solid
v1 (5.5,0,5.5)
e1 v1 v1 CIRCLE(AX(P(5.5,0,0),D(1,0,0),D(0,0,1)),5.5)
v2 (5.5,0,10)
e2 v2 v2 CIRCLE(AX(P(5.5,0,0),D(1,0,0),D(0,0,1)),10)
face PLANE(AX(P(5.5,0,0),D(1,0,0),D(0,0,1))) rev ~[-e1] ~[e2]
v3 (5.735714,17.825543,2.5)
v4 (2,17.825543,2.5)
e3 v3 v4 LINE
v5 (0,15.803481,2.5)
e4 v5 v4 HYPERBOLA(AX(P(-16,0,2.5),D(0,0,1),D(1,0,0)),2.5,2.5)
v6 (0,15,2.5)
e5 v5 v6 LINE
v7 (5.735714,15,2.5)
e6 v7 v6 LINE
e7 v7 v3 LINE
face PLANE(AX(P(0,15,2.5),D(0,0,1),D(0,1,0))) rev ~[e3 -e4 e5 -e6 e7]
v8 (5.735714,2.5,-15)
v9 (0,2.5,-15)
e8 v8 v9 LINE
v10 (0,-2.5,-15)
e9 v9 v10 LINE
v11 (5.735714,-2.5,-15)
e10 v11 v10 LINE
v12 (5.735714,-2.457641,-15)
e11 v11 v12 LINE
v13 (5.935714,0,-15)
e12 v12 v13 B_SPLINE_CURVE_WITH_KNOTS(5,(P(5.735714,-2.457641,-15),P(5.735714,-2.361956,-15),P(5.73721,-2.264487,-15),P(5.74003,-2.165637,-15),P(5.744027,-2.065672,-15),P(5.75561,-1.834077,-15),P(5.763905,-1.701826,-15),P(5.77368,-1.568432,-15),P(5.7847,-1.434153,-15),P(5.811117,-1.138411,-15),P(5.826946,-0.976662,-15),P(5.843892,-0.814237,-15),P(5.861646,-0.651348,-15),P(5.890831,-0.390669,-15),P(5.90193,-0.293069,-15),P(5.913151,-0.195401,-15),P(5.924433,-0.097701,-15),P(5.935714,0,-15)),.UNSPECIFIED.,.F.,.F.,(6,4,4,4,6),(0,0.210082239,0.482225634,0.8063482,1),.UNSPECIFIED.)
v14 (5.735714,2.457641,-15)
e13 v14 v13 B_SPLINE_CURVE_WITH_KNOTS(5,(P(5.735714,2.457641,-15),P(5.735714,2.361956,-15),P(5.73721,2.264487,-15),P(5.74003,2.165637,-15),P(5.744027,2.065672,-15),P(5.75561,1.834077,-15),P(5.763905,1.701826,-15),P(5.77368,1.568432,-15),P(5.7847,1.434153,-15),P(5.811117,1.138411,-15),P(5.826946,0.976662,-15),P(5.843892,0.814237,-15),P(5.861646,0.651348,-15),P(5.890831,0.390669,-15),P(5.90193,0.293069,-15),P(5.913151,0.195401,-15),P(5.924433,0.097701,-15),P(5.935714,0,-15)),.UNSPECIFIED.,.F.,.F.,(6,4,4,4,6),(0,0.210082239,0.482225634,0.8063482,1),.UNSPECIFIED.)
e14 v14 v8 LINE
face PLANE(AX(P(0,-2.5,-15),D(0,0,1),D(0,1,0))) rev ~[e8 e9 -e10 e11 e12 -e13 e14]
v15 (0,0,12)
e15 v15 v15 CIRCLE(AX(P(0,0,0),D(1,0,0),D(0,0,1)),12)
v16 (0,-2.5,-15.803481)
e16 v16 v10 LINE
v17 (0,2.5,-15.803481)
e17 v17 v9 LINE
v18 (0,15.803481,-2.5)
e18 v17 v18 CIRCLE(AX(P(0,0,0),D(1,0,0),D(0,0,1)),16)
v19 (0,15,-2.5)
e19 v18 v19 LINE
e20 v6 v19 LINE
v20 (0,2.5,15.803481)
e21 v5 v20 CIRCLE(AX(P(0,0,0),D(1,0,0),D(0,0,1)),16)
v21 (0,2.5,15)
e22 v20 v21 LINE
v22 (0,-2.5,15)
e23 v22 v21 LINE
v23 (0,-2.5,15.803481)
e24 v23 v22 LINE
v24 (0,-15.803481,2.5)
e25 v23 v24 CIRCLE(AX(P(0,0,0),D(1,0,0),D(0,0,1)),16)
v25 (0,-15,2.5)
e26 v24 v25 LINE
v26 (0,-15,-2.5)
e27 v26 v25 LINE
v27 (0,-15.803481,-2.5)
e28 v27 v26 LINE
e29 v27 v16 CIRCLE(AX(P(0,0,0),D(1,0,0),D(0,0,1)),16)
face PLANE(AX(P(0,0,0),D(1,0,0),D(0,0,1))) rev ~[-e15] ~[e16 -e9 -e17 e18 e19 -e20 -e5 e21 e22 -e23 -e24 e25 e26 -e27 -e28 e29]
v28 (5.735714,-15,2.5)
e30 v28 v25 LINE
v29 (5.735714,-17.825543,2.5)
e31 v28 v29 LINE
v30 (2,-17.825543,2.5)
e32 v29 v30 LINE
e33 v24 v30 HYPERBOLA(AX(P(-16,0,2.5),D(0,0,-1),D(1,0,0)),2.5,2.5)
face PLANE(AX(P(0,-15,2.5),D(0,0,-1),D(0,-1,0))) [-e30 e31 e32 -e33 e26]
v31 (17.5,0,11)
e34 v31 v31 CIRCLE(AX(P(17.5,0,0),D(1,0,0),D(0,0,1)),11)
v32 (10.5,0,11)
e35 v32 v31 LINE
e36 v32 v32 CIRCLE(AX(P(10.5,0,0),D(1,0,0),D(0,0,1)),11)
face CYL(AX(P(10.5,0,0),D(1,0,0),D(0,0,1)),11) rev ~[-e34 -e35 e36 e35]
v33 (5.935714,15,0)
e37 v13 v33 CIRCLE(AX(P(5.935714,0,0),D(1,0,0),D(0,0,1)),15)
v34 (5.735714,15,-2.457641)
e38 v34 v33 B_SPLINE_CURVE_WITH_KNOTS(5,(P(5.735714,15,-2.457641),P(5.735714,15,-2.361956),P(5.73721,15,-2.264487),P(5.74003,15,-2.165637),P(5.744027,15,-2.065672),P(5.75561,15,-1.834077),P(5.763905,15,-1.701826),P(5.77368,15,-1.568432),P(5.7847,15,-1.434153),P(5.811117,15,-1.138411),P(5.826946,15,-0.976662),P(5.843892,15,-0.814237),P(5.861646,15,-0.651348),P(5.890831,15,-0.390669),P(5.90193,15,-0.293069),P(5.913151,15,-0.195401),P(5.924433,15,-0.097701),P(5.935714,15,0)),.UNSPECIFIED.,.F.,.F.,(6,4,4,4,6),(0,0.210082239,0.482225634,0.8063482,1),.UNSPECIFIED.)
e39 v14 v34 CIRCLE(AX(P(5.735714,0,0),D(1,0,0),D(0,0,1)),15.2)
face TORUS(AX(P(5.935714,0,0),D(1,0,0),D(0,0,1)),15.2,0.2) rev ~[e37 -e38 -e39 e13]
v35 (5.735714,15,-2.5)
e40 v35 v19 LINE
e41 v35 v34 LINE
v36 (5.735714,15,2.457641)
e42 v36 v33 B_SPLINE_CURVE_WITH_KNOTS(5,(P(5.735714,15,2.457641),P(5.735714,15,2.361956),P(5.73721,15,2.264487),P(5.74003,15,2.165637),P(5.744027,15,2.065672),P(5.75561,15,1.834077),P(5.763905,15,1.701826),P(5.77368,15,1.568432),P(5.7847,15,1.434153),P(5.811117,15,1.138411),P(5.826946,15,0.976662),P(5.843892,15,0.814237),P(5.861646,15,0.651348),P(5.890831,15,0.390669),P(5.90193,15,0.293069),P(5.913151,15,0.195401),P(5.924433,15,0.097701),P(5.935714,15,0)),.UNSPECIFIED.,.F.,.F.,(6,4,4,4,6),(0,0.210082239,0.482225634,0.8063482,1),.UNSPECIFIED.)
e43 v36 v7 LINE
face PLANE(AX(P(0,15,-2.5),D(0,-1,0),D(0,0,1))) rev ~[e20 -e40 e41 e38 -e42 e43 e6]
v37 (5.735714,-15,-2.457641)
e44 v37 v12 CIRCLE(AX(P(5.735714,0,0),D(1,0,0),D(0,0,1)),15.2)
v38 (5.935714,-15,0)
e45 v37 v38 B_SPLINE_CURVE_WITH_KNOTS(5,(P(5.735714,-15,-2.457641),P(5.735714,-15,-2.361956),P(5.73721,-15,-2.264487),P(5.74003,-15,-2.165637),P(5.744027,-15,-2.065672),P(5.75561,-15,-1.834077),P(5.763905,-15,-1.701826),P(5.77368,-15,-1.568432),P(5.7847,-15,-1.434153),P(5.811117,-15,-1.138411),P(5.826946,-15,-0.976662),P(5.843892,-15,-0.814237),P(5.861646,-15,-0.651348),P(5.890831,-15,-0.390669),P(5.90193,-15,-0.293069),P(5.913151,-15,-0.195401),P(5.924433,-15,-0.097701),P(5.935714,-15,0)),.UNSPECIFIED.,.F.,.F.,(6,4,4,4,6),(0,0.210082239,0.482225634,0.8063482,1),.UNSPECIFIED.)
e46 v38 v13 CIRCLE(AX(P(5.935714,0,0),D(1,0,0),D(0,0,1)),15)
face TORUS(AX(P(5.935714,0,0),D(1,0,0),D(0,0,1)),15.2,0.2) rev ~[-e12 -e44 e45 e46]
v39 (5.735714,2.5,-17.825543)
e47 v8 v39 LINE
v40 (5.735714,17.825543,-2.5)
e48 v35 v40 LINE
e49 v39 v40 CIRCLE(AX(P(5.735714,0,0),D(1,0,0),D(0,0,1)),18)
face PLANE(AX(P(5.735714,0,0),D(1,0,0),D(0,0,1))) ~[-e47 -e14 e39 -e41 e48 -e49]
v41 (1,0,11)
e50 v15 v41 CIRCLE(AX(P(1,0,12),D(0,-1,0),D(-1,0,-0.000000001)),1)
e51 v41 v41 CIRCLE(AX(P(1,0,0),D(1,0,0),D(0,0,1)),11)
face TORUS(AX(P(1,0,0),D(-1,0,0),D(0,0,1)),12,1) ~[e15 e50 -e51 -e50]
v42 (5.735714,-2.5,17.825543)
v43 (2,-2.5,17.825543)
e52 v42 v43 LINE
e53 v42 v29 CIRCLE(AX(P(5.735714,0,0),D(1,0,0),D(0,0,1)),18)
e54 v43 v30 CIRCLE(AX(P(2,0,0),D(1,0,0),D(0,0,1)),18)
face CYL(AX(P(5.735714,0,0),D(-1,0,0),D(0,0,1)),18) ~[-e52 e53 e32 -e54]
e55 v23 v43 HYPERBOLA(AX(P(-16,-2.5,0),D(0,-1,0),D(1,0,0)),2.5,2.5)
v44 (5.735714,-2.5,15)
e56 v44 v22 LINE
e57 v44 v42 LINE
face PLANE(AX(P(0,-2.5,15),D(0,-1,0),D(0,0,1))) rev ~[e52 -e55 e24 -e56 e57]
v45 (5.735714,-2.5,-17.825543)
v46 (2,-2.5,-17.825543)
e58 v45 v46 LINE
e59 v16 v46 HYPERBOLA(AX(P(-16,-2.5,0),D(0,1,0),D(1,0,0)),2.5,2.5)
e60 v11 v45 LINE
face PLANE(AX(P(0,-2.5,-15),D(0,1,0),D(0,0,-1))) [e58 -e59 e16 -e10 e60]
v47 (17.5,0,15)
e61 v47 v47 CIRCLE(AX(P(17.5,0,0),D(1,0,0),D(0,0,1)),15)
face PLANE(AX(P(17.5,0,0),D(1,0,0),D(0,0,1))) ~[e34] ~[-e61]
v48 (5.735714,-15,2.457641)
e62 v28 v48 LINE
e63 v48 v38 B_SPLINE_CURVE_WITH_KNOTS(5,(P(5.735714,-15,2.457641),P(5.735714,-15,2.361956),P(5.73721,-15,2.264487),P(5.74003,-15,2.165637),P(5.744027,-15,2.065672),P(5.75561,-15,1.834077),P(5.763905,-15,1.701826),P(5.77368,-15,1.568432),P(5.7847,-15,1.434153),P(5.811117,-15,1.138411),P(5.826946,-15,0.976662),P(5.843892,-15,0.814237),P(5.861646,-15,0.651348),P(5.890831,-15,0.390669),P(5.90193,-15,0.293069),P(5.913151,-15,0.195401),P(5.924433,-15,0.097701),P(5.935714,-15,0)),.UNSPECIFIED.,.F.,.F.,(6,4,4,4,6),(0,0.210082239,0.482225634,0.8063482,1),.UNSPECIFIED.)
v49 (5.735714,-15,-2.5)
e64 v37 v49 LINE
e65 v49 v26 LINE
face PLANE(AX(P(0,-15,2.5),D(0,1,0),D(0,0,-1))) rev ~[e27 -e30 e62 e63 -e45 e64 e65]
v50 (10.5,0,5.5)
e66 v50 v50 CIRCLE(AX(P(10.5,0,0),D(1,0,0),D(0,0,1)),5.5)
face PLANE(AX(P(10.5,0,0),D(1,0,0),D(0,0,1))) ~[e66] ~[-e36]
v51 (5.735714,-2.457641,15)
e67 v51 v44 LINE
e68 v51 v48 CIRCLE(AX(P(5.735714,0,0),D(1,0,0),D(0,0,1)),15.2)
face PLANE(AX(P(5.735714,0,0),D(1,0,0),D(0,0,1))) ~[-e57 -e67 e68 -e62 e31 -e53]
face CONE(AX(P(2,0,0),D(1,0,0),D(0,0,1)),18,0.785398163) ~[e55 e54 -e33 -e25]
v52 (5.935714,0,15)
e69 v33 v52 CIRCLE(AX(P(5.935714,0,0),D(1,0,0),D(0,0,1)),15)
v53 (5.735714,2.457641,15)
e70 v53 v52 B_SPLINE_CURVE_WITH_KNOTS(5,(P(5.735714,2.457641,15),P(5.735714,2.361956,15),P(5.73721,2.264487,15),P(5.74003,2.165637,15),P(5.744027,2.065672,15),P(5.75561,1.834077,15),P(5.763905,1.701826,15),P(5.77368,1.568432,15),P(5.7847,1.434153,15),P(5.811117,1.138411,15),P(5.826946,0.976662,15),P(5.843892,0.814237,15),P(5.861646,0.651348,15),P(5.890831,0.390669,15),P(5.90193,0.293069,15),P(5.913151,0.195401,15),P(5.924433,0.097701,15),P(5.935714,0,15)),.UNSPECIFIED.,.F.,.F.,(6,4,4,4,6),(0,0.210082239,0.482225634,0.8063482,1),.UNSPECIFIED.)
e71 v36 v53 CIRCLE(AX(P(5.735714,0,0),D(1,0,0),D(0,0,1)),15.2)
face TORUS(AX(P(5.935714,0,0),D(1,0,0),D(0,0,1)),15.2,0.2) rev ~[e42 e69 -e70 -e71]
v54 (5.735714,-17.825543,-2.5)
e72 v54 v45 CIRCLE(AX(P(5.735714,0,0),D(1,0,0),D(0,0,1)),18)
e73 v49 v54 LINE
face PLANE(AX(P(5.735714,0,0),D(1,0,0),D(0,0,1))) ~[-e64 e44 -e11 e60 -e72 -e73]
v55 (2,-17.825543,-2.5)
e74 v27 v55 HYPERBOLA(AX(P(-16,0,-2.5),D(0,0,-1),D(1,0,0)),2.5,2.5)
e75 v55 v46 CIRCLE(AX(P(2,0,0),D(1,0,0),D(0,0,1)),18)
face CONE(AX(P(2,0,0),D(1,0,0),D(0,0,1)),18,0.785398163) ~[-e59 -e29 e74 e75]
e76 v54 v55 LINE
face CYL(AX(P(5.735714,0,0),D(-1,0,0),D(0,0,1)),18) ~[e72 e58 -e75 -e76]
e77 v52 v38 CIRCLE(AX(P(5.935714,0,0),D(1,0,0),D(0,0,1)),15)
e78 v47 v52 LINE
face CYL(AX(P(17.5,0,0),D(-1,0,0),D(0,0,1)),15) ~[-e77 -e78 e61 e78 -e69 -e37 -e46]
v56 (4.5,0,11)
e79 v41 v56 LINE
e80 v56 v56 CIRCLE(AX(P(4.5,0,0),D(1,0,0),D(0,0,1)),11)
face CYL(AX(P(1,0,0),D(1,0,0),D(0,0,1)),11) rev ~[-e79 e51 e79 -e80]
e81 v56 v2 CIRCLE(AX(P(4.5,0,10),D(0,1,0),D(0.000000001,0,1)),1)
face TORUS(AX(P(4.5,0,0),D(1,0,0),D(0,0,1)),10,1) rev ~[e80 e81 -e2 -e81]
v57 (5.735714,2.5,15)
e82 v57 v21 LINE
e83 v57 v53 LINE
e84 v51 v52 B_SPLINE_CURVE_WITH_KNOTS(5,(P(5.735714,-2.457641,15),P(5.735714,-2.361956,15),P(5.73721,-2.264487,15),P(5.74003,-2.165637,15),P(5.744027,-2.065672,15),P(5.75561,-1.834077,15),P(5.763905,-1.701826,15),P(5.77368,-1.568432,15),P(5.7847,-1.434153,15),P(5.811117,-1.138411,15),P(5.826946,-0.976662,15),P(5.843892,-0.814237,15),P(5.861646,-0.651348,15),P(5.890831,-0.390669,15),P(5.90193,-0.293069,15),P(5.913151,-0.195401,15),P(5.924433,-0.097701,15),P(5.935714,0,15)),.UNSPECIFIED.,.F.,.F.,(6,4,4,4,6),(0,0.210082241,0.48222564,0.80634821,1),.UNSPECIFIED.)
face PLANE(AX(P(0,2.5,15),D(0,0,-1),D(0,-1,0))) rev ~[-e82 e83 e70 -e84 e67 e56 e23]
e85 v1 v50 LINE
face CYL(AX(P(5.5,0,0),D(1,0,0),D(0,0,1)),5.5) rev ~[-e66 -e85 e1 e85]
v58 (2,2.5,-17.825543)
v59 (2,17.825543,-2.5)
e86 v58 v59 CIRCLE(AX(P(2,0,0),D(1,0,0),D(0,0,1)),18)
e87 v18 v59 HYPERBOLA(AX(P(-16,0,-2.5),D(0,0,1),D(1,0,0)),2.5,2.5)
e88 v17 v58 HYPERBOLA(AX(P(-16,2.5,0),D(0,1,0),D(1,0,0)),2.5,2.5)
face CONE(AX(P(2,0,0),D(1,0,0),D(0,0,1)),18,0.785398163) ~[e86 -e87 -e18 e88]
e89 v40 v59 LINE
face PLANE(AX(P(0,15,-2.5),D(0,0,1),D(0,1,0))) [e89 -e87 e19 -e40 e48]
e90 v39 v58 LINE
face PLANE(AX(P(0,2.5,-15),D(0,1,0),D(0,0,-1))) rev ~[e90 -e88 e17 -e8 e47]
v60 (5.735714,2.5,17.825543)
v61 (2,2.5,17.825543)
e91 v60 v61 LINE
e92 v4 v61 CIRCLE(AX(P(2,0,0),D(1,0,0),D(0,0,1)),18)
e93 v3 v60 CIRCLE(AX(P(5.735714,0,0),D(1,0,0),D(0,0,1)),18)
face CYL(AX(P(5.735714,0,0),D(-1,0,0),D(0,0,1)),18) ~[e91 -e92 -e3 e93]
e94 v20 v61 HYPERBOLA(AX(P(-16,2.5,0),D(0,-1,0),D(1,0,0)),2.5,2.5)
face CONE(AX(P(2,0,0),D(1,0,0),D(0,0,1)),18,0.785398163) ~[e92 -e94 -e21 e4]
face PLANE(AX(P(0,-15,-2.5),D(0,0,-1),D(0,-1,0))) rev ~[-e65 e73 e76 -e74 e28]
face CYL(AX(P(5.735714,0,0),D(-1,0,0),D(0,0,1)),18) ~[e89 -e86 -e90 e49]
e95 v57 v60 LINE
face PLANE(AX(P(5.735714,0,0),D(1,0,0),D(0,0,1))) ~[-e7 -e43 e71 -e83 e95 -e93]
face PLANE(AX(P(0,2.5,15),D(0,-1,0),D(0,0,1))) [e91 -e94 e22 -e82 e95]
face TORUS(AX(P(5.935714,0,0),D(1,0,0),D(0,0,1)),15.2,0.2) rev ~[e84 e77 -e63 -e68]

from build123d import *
from build123d.topology import SkipClean

# Parameters (mm, degrees)
SKETCH2_W          = 5
SKETCH2_H          = 3
CUT_EXTRUDE1_DEPTH = 31.890937182
CIRPATTERN3_COUNT  = 4


with BuildPart() as part:
    # Sketch1 → Revolve3 (revolve)
    with BuildSketch(Plane.XY, mode=Mode.PRIVATE) as revolve3_sk:
        with BuildLine():
            Line((5.5, 5.5), (10.5, 5.5))
            Line((10.5, 5.5), (10.5, 11))
            Line((10.5, 11), (17.5, 11))
            Line((17.5, 11), (17.5, 15))
            Line((17.5, 15), (5.935714286, 15))
            ThreePointArc((5.935714286, 15), (5.794292929, 15.058578644), (5.735714286, 15.2))
            Line((5.735714286, 15.2), (5.735714286, 18))
            Line((5.735714286, 18), (2, 18))
            Line((2, 18), (0, 16))
            Line((0, 16), (0, 12))
            ThreePointArc((0, 12), (0.292893219, 11.292893219), (1, 11))
            Line((1, 11), (4.5, 11))
            ThreePointArc((4.5, 11), (5.207106781, 10.707106781), (5.5, 10))
            Line((5.5, 10), (5.5, 5.5))
        make_face()
    revolve(revolve3_sk.sketch.rotate(Axis((0, 0, 0), (1, 0, 0)), 90), axis=Axis((0, 0, 0), (1, 0, 0)))

    # Sketch2 → Cut-Extrude1 (cut, symmetric)
    with SkipClean():  # the faces are left unmerged after this step: merging them gives an invalid solid
        with BuildSketch(Plane.ZY):
            with Locations((0, 16.5)):
                Rectangle(SKETCH2_W, SKETCH2_H)
        cut_extrude1 = extrude(amount=CUT_EXTRUDE1_DEPTH, both=True, mode=Mode.SUBTRACT)

    # CirPattern3: Cut-Extrude1 ×4 about axis
    cirpattern3_axis = Axis((0, 0, 0), (1, 0, 0))
    for i in range(1, CIRPATTERN3_COUNT):
        add(cut_extrude1.rotate(cirpattern3_axis, i * 360 / CIRPATTERN3_COUNT), mode=Mode.SUBTRACT)


solid = part.part
